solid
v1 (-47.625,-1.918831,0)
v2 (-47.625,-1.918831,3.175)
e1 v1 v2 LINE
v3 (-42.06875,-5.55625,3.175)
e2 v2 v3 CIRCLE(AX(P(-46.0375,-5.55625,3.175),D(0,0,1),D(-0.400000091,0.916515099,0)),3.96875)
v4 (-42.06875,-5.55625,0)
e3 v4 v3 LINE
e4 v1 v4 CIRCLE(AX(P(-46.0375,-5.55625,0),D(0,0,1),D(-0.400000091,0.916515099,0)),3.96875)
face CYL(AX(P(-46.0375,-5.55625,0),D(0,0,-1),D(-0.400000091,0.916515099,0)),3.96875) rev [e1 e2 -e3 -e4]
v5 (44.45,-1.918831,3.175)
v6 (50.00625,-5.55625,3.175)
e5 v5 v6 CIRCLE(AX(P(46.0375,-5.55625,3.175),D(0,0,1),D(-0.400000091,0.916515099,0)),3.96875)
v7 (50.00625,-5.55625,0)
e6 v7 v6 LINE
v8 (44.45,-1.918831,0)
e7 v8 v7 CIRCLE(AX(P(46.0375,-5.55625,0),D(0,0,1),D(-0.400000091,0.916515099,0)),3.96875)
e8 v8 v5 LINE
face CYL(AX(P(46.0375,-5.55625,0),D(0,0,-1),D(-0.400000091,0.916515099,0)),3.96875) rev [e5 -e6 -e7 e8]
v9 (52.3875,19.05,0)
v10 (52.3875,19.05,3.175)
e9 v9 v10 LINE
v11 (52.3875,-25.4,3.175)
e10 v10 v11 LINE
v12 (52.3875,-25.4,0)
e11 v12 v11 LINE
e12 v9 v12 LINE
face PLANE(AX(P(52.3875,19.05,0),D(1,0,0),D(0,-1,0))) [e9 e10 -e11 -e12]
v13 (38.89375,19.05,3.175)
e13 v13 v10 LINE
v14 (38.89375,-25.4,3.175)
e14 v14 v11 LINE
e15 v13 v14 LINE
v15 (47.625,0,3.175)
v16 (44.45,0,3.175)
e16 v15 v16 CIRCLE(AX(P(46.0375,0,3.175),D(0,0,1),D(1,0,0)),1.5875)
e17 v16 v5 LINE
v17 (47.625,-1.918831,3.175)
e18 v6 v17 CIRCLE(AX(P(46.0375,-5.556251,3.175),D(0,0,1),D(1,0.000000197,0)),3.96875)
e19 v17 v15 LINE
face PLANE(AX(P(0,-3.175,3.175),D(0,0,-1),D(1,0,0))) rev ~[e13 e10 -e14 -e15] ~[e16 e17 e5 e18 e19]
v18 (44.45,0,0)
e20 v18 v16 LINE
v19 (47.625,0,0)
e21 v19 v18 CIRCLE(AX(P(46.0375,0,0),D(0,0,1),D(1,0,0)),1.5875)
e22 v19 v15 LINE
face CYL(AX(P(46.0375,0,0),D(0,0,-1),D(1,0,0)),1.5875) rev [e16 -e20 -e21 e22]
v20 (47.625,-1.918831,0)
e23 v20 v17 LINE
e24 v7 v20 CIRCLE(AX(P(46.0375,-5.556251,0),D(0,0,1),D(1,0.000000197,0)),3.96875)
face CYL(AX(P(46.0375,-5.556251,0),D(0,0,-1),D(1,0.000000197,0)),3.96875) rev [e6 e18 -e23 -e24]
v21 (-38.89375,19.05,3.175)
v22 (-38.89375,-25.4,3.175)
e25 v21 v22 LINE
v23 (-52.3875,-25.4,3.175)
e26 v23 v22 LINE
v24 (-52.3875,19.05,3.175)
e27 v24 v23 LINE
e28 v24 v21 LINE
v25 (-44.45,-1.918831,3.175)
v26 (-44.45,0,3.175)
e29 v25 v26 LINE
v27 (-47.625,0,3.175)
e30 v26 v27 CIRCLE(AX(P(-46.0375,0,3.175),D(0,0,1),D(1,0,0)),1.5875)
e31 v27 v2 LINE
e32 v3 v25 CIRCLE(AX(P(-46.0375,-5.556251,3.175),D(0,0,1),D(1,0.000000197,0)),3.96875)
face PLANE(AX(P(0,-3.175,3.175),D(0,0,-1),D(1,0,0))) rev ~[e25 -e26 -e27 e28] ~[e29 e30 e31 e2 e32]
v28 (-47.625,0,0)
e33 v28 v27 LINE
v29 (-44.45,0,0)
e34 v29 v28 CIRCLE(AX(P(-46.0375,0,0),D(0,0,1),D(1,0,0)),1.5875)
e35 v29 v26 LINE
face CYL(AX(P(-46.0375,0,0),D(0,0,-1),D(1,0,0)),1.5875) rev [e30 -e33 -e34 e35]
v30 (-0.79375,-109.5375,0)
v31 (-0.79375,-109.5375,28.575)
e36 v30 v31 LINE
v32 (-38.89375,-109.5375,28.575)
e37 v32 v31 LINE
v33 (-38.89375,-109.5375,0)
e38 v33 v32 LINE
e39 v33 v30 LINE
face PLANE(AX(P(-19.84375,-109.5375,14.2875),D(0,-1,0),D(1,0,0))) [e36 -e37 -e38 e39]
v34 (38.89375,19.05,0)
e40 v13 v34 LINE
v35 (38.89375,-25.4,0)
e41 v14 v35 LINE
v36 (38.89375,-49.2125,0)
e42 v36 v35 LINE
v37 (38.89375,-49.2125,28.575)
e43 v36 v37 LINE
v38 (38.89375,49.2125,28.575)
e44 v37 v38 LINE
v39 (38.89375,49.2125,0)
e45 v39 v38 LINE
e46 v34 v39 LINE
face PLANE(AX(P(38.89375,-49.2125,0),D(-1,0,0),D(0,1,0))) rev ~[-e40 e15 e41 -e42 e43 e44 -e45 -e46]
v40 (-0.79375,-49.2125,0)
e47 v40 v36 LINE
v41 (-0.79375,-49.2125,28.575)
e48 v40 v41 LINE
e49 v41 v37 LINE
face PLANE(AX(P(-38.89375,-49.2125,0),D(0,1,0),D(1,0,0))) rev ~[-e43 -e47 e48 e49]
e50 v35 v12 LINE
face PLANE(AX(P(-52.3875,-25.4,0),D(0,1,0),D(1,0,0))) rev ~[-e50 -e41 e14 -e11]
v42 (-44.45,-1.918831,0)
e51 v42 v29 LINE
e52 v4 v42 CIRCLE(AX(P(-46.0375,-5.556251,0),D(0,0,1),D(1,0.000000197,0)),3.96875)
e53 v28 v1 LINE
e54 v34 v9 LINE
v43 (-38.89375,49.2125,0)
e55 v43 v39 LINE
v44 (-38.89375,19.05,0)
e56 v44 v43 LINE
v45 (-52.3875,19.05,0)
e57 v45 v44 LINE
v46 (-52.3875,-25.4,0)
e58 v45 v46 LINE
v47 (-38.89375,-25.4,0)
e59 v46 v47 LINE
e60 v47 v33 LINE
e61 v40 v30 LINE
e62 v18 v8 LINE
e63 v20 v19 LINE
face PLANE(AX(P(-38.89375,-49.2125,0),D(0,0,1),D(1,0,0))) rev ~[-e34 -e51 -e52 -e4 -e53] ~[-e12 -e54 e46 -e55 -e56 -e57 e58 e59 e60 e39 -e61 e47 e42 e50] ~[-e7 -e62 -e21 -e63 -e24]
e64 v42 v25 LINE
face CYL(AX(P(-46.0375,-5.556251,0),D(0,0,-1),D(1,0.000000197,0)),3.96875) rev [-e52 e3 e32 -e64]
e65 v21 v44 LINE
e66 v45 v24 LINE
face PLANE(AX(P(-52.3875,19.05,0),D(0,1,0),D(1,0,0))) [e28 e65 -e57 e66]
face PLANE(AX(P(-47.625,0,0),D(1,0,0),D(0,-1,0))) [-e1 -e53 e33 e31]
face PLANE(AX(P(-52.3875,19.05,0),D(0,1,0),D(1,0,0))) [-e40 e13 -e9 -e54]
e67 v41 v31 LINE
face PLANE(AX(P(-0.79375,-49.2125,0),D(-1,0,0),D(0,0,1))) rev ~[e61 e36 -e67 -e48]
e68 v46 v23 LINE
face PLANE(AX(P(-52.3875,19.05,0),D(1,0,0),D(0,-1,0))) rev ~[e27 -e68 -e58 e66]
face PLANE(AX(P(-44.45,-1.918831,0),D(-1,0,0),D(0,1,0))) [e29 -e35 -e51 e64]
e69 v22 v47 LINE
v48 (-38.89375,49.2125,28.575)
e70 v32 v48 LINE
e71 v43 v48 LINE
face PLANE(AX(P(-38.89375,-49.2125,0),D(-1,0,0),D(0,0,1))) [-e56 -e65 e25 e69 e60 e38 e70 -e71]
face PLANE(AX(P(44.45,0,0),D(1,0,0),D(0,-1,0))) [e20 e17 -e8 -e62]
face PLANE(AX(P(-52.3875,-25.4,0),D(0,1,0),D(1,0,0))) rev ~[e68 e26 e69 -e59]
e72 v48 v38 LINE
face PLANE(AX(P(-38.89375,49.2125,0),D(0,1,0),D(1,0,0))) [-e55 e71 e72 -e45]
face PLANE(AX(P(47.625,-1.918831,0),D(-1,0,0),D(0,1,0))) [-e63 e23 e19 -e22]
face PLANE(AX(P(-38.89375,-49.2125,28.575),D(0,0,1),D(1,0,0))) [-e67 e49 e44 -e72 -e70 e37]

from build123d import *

# Parameters (mm, degrees)
F0_W     = 77.7875
F0_H     = 98.425
F1_DEPTH = 28.575
F2_W     = 104.775
F2_H     = 44.45
F3_DEPTH = 3.175
F4_W     = 38.1
F4_H     = 28.575
F5_DEPTH = 60.325


with BuildPart() as f1:
    # F0 (on Top) → F1 (new body)
    with BuildSketch(Plane.XY):
        Rectangle(F0_W, F0_H)
    extrude(amount=F1_DEPTH)

    # F2 (on face) → F3 (join)
    with BuildSketch(Plane(origin=(0, 0, 0), x_dir=(1, 0, 0), z_dir=(0, 0, -1))):
        with Locations((0, 3.175)):
            Rectangle(F2_W, F2_H)
        with BuildLine():
            ThreePointArc((-47.625, 1.918831), (-48.211274, 8.876744), (-42.06875, 5.55625))
            ThreePointArc((-42.06875, 5.55625), (-42.717006, 3.382476), (-44.45, 1.918831))
            Line((-44.45, 1.918831), (-44.45, 0))
            ThreePointArc((-44.45, 0), (-46.0375, -1.5875), (-47.625, 0))
            Line((-47.625, 0), (-47.625, 1.918831))
        make_face(mode=Mode.SUBTRACT)
        with BuildLine():
            ThreePointArc((44.45, 1.918831), (43.863726, 8.876744), (50.00625, 5.55625))
            ThreePointArc((50.00625, 5.55625), (49.357994, 3.382476), (47.625, 1.918831))
            Line((47.625, 1.918831), (47.625, 0))
            ThreePointArc((47.625, 0), (46.0375, -1.5875), (44.45, 0))
            Line((44.45, 0), (44.45, 1.918831))
        make_face(mode=Mode.SUBTRACT)
    extrude(amount=-F3_DEPTH)

    # F4 (on face) → F5 (join)
    with BuildSketch(Plane.XZ.offset(49.2125)):
        with Locations((-19.84375, 14.2875)):
            Rectangle(F4_W, F4_H)
    extrude(amount=F5_DEPTH)


solid = f1.part
